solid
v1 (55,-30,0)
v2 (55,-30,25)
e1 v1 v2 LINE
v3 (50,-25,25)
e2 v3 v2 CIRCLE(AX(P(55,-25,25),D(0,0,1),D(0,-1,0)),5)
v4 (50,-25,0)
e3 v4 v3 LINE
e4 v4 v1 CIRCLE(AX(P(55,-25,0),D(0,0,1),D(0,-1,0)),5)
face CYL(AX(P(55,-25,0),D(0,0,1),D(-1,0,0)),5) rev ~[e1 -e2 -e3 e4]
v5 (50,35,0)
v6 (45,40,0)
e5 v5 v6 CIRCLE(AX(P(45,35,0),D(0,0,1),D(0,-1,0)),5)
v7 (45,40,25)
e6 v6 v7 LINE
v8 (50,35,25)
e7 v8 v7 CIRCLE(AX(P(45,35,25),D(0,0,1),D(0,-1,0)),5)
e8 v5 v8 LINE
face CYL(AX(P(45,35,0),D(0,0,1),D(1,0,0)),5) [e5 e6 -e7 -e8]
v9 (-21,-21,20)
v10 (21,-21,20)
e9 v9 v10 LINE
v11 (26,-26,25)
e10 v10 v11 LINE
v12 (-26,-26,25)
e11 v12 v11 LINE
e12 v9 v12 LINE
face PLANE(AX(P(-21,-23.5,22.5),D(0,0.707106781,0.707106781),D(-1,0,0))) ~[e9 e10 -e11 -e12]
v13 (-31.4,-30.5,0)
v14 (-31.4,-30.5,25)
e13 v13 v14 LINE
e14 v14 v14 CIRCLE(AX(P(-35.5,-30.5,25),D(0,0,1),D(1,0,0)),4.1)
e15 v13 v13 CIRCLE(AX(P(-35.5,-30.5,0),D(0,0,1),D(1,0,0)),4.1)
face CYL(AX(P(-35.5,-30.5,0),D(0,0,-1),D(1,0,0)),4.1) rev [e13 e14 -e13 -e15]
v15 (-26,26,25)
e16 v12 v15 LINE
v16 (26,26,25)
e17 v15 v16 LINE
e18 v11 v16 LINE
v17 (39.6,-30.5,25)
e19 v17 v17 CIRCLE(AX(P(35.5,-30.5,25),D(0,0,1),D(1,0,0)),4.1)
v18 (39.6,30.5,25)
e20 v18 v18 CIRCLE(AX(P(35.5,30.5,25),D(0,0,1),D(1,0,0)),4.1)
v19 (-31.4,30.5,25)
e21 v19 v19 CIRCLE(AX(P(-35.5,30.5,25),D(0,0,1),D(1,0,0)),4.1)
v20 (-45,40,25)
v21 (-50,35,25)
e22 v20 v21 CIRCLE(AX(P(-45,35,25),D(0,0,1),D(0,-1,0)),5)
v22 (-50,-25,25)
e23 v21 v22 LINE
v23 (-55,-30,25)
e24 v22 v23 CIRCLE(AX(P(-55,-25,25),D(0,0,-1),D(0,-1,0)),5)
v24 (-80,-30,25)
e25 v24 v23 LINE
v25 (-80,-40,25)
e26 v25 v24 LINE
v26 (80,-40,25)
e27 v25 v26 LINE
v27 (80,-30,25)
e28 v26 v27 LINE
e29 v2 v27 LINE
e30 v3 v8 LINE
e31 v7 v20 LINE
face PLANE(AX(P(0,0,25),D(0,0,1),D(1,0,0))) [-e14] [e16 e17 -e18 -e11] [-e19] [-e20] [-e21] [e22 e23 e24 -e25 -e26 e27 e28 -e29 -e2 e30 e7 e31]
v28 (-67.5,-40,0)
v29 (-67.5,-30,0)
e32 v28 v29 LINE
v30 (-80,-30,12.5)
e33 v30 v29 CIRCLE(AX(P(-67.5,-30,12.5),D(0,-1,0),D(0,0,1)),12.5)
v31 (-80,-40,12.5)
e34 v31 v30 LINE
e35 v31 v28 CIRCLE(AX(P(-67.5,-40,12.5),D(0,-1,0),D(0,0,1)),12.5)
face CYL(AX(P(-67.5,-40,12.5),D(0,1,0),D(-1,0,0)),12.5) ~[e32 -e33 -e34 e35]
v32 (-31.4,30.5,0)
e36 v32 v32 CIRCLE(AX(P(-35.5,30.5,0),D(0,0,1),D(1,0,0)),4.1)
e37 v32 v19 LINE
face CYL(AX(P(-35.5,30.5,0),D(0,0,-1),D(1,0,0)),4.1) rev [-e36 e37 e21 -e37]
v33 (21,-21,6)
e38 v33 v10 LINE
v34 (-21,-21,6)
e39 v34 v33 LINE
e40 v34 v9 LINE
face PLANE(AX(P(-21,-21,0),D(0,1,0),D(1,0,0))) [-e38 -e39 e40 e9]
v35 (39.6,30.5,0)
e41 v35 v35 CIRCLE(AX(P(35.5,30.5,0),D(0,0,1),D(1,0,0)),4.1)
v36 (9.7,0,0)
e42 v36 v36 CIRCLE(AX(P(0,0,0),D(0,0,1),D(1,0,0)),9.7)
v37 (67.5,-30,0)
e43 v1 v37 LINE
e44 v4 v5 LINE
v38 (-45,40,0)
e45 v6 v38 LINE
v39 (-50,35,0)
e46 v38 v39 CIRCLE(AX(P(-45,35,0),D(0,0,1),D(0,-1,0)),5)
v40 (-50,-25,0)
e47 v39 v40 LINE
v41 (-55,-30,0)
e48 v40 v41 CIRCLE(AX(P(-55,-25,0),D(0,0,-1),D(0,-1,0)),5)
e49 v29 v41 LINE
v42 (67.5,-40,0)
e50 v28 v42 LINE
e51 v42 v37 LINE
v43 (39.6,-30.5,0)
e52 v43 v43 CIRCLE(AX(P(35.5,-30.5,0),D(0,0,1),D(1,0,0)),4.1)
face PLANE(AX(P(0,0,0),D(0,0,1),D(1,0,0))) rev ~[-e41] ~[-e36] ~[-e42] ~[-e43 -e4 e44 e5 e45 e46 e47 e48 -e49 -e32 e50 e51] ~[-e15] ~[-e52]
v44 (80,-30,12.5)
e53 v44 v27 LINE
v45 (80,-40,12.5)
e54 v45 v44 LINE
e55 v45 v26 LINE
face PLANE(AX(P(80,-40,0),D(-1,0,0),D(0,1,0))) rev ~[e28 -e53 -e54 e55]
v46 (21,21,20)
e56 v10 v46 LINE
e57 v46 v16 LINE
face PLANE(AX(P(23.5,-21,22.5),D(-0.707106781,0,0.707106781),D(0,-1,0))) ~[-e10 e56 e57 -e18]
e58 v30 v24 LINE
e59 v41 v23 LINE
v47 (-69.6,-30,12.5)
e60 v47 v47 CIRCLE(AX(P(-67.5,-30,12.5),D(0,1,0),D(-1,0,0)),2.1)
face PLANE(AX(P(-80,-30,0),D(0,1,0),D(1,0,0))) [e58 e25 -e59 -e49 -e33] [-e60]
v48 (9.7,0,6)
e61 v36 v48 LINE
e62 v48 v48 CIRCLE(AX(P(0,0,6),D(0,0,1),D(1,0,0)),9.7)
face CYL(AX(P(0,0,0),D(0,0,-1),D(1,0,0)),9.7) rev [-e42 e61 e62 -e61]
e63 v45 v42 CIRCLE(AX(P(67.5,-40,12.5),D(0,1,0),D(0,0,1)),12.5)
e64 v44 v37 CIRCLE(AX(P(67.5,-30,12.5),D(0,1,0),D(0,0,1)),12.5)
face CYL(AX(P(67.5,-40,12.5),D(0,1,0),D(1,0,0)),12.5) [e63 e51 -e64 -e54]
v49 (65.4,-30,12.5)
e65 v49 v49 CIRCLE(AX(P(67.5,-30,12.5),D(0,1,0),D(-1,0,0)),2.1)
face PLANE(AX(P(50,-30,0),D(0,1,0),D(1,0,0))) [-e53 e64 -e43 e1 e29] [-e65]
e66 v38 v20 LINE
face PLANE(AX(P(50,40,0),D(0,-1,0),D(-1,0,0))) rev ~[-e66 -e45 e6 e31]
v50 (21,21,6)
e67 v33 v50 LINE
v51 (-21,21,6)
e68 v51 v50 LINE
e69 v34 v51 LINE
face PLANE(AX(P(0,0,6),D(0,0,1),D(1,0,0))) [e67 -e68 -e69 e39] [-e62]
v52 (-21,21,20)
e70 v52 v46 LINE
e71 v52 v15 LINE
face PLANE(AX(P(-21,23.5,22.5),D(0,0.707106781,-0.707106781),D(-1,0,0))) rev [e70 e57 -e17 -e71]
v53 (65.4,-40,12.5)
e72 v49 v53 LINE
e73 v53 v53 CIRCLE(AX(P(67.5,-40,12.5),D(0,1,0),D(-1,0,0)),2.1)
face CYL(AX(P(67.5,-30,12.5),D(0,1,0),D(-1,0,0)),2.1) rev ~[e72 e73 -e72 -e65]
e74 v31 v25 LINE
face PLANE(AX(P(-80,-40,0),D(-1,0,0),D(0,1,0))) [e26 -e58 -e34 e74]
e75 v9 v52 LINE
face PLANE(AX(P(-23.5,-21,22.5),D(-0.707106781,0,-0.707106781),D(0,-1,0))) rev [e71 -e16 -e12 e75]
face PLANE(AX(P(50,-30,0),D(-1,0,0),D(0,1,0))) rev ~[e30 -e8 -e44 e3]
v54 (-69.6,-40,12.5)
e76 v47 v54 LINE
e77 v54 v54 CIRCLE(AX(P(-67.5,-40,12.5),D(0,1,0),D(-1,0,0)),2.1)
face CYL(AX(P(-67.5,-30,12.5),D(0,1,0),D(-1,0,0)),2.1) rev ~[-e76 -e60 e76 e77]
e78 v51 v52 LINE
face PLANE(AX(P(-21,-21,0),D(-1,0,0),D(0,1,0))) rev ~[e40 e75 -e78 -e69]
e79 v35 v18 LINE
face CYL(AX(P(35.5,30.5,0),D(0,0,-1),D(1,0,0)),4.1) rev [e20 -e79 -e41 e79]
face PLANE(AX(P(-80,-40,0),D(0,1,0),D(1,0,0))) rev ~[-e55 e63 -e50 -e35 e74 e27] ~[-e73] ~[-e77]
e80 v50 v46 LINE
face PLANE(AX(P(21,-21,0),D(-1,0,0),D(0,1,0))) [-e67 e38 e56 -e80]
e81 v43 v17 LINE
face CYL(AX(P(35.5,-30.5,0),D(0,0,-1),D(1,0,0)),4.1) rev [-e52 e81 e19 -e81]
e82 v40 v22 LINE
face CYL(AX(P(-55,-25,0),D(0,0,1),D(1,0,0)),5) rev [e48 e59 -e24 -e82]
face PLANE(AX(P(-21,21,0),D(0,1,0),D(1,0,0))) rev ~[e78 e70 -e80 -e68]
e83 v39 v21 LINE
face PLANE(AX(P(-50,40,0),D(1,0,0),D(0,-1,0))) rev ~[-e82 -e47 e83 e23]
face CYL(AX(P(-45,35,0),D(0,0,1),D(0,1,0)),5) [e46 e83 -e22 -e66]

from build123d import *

# Parameters (mm, degrees)
F0_R     = 4.1
F0_W     = 42
F0_H     = 42
F0_W_2   = 30
F0_H_2   = 10
F1_DEPTH = 25
F0_R_2   = 9.7
F2_DEPTH = 6
F3_SIZE  = 5
F4_R     = 5
F5_R     = 12.5
F7_R     = 2.1
F6_R     = 2.1
F8_DEPTH = 25


with BuildPart() as f1:
    # F0 (on Top) → F1 (new body)
    with BuildSketch(Plane.XY):
        Polygon((-50, -30), (-50, -40), (50, -40), (50, -30), (50, 40), (-50, 40), align=None)
        with Locations((-35.5, -30.5)):
            Circle(F0_R, mode=Mode.SUBTRACT)
        with Locations((35.5, -30.5)):
            Circle(F0_R, mode=Mode.SUBTRACT)
        with Locations((-35.5, 30.5)):
            Circle(F0_R, mode=Mode.SUBTRACT)
        Rectangle(F0_W, F0_H, mode=Mode.SUBTRACT)
        with Locations((35.5, 30.5)):
            Circle(F0_R, mode=Mode.SUBTRACT)
        with Locations((-65, -35)):
            Rectangle(F0_W_2, F0_H_2)
        with Locations((65, -35)):
            Rectangle(F0_W_2, F0_H_2)
    extrude(amount=F1_DEPTH)

    # F0 (on Top) → F2 (join)
    with BuildSketch(Plane.XY):
        Rectangle(F0_W, F0_H)
        Circle(F0_R_2, mode=Mode.SUBTRACT)
    extrude(amount=F2_DEPTH)

    # F3
    f3_edges = [f1.edges().sort_by_distance(p)[0] for p in [
        (0, 21, 25),
        (-21, 0, 25),
        (0, -21, 25),
        (21, 0, 25),
    ]]
    chamfer(f3_edges, length=F3_SIZE)

    # F4
    f4_edges = [f1.edges().sort_by_distance(p)[0] for p in [
        (-50, -30, 12.5),
        (-50, 40, 12.5),
        (50, 40, 12.5),
        (50, -30, 12.5),
    ]]
    fillet(f4_edges, radius=F4_R)

    # F5
    f5_edges = [f1.edges().sort_by_distance(p)[0] for p in [
        (80, -35, 0),
        (-80, -35, 0),
    ]]
    fillet(f5_edges, radius=F5_R)

    # F7 (on face) + F6 (on face) → F8 (cut)
    with BuildSketch(Plane(origin=(0, -30, 0), x_dir=(-1, 0, 0), z_dir=(0, 1, 0))):
        with Locations((-67.5, 12.5)):
            Circle(F7_R)
    with BuildSketch(Plane(origin=(0, -30, 0), x_dir=(-1, 0, 0), z_dir=(0, 1, 0))):
        with Locations((67.5, 12.5)):
            Circle(F6_R)
    extrude(amount=-F8_DEPTH, mode=Mode.SUBTRACT)


solid = f1.part
